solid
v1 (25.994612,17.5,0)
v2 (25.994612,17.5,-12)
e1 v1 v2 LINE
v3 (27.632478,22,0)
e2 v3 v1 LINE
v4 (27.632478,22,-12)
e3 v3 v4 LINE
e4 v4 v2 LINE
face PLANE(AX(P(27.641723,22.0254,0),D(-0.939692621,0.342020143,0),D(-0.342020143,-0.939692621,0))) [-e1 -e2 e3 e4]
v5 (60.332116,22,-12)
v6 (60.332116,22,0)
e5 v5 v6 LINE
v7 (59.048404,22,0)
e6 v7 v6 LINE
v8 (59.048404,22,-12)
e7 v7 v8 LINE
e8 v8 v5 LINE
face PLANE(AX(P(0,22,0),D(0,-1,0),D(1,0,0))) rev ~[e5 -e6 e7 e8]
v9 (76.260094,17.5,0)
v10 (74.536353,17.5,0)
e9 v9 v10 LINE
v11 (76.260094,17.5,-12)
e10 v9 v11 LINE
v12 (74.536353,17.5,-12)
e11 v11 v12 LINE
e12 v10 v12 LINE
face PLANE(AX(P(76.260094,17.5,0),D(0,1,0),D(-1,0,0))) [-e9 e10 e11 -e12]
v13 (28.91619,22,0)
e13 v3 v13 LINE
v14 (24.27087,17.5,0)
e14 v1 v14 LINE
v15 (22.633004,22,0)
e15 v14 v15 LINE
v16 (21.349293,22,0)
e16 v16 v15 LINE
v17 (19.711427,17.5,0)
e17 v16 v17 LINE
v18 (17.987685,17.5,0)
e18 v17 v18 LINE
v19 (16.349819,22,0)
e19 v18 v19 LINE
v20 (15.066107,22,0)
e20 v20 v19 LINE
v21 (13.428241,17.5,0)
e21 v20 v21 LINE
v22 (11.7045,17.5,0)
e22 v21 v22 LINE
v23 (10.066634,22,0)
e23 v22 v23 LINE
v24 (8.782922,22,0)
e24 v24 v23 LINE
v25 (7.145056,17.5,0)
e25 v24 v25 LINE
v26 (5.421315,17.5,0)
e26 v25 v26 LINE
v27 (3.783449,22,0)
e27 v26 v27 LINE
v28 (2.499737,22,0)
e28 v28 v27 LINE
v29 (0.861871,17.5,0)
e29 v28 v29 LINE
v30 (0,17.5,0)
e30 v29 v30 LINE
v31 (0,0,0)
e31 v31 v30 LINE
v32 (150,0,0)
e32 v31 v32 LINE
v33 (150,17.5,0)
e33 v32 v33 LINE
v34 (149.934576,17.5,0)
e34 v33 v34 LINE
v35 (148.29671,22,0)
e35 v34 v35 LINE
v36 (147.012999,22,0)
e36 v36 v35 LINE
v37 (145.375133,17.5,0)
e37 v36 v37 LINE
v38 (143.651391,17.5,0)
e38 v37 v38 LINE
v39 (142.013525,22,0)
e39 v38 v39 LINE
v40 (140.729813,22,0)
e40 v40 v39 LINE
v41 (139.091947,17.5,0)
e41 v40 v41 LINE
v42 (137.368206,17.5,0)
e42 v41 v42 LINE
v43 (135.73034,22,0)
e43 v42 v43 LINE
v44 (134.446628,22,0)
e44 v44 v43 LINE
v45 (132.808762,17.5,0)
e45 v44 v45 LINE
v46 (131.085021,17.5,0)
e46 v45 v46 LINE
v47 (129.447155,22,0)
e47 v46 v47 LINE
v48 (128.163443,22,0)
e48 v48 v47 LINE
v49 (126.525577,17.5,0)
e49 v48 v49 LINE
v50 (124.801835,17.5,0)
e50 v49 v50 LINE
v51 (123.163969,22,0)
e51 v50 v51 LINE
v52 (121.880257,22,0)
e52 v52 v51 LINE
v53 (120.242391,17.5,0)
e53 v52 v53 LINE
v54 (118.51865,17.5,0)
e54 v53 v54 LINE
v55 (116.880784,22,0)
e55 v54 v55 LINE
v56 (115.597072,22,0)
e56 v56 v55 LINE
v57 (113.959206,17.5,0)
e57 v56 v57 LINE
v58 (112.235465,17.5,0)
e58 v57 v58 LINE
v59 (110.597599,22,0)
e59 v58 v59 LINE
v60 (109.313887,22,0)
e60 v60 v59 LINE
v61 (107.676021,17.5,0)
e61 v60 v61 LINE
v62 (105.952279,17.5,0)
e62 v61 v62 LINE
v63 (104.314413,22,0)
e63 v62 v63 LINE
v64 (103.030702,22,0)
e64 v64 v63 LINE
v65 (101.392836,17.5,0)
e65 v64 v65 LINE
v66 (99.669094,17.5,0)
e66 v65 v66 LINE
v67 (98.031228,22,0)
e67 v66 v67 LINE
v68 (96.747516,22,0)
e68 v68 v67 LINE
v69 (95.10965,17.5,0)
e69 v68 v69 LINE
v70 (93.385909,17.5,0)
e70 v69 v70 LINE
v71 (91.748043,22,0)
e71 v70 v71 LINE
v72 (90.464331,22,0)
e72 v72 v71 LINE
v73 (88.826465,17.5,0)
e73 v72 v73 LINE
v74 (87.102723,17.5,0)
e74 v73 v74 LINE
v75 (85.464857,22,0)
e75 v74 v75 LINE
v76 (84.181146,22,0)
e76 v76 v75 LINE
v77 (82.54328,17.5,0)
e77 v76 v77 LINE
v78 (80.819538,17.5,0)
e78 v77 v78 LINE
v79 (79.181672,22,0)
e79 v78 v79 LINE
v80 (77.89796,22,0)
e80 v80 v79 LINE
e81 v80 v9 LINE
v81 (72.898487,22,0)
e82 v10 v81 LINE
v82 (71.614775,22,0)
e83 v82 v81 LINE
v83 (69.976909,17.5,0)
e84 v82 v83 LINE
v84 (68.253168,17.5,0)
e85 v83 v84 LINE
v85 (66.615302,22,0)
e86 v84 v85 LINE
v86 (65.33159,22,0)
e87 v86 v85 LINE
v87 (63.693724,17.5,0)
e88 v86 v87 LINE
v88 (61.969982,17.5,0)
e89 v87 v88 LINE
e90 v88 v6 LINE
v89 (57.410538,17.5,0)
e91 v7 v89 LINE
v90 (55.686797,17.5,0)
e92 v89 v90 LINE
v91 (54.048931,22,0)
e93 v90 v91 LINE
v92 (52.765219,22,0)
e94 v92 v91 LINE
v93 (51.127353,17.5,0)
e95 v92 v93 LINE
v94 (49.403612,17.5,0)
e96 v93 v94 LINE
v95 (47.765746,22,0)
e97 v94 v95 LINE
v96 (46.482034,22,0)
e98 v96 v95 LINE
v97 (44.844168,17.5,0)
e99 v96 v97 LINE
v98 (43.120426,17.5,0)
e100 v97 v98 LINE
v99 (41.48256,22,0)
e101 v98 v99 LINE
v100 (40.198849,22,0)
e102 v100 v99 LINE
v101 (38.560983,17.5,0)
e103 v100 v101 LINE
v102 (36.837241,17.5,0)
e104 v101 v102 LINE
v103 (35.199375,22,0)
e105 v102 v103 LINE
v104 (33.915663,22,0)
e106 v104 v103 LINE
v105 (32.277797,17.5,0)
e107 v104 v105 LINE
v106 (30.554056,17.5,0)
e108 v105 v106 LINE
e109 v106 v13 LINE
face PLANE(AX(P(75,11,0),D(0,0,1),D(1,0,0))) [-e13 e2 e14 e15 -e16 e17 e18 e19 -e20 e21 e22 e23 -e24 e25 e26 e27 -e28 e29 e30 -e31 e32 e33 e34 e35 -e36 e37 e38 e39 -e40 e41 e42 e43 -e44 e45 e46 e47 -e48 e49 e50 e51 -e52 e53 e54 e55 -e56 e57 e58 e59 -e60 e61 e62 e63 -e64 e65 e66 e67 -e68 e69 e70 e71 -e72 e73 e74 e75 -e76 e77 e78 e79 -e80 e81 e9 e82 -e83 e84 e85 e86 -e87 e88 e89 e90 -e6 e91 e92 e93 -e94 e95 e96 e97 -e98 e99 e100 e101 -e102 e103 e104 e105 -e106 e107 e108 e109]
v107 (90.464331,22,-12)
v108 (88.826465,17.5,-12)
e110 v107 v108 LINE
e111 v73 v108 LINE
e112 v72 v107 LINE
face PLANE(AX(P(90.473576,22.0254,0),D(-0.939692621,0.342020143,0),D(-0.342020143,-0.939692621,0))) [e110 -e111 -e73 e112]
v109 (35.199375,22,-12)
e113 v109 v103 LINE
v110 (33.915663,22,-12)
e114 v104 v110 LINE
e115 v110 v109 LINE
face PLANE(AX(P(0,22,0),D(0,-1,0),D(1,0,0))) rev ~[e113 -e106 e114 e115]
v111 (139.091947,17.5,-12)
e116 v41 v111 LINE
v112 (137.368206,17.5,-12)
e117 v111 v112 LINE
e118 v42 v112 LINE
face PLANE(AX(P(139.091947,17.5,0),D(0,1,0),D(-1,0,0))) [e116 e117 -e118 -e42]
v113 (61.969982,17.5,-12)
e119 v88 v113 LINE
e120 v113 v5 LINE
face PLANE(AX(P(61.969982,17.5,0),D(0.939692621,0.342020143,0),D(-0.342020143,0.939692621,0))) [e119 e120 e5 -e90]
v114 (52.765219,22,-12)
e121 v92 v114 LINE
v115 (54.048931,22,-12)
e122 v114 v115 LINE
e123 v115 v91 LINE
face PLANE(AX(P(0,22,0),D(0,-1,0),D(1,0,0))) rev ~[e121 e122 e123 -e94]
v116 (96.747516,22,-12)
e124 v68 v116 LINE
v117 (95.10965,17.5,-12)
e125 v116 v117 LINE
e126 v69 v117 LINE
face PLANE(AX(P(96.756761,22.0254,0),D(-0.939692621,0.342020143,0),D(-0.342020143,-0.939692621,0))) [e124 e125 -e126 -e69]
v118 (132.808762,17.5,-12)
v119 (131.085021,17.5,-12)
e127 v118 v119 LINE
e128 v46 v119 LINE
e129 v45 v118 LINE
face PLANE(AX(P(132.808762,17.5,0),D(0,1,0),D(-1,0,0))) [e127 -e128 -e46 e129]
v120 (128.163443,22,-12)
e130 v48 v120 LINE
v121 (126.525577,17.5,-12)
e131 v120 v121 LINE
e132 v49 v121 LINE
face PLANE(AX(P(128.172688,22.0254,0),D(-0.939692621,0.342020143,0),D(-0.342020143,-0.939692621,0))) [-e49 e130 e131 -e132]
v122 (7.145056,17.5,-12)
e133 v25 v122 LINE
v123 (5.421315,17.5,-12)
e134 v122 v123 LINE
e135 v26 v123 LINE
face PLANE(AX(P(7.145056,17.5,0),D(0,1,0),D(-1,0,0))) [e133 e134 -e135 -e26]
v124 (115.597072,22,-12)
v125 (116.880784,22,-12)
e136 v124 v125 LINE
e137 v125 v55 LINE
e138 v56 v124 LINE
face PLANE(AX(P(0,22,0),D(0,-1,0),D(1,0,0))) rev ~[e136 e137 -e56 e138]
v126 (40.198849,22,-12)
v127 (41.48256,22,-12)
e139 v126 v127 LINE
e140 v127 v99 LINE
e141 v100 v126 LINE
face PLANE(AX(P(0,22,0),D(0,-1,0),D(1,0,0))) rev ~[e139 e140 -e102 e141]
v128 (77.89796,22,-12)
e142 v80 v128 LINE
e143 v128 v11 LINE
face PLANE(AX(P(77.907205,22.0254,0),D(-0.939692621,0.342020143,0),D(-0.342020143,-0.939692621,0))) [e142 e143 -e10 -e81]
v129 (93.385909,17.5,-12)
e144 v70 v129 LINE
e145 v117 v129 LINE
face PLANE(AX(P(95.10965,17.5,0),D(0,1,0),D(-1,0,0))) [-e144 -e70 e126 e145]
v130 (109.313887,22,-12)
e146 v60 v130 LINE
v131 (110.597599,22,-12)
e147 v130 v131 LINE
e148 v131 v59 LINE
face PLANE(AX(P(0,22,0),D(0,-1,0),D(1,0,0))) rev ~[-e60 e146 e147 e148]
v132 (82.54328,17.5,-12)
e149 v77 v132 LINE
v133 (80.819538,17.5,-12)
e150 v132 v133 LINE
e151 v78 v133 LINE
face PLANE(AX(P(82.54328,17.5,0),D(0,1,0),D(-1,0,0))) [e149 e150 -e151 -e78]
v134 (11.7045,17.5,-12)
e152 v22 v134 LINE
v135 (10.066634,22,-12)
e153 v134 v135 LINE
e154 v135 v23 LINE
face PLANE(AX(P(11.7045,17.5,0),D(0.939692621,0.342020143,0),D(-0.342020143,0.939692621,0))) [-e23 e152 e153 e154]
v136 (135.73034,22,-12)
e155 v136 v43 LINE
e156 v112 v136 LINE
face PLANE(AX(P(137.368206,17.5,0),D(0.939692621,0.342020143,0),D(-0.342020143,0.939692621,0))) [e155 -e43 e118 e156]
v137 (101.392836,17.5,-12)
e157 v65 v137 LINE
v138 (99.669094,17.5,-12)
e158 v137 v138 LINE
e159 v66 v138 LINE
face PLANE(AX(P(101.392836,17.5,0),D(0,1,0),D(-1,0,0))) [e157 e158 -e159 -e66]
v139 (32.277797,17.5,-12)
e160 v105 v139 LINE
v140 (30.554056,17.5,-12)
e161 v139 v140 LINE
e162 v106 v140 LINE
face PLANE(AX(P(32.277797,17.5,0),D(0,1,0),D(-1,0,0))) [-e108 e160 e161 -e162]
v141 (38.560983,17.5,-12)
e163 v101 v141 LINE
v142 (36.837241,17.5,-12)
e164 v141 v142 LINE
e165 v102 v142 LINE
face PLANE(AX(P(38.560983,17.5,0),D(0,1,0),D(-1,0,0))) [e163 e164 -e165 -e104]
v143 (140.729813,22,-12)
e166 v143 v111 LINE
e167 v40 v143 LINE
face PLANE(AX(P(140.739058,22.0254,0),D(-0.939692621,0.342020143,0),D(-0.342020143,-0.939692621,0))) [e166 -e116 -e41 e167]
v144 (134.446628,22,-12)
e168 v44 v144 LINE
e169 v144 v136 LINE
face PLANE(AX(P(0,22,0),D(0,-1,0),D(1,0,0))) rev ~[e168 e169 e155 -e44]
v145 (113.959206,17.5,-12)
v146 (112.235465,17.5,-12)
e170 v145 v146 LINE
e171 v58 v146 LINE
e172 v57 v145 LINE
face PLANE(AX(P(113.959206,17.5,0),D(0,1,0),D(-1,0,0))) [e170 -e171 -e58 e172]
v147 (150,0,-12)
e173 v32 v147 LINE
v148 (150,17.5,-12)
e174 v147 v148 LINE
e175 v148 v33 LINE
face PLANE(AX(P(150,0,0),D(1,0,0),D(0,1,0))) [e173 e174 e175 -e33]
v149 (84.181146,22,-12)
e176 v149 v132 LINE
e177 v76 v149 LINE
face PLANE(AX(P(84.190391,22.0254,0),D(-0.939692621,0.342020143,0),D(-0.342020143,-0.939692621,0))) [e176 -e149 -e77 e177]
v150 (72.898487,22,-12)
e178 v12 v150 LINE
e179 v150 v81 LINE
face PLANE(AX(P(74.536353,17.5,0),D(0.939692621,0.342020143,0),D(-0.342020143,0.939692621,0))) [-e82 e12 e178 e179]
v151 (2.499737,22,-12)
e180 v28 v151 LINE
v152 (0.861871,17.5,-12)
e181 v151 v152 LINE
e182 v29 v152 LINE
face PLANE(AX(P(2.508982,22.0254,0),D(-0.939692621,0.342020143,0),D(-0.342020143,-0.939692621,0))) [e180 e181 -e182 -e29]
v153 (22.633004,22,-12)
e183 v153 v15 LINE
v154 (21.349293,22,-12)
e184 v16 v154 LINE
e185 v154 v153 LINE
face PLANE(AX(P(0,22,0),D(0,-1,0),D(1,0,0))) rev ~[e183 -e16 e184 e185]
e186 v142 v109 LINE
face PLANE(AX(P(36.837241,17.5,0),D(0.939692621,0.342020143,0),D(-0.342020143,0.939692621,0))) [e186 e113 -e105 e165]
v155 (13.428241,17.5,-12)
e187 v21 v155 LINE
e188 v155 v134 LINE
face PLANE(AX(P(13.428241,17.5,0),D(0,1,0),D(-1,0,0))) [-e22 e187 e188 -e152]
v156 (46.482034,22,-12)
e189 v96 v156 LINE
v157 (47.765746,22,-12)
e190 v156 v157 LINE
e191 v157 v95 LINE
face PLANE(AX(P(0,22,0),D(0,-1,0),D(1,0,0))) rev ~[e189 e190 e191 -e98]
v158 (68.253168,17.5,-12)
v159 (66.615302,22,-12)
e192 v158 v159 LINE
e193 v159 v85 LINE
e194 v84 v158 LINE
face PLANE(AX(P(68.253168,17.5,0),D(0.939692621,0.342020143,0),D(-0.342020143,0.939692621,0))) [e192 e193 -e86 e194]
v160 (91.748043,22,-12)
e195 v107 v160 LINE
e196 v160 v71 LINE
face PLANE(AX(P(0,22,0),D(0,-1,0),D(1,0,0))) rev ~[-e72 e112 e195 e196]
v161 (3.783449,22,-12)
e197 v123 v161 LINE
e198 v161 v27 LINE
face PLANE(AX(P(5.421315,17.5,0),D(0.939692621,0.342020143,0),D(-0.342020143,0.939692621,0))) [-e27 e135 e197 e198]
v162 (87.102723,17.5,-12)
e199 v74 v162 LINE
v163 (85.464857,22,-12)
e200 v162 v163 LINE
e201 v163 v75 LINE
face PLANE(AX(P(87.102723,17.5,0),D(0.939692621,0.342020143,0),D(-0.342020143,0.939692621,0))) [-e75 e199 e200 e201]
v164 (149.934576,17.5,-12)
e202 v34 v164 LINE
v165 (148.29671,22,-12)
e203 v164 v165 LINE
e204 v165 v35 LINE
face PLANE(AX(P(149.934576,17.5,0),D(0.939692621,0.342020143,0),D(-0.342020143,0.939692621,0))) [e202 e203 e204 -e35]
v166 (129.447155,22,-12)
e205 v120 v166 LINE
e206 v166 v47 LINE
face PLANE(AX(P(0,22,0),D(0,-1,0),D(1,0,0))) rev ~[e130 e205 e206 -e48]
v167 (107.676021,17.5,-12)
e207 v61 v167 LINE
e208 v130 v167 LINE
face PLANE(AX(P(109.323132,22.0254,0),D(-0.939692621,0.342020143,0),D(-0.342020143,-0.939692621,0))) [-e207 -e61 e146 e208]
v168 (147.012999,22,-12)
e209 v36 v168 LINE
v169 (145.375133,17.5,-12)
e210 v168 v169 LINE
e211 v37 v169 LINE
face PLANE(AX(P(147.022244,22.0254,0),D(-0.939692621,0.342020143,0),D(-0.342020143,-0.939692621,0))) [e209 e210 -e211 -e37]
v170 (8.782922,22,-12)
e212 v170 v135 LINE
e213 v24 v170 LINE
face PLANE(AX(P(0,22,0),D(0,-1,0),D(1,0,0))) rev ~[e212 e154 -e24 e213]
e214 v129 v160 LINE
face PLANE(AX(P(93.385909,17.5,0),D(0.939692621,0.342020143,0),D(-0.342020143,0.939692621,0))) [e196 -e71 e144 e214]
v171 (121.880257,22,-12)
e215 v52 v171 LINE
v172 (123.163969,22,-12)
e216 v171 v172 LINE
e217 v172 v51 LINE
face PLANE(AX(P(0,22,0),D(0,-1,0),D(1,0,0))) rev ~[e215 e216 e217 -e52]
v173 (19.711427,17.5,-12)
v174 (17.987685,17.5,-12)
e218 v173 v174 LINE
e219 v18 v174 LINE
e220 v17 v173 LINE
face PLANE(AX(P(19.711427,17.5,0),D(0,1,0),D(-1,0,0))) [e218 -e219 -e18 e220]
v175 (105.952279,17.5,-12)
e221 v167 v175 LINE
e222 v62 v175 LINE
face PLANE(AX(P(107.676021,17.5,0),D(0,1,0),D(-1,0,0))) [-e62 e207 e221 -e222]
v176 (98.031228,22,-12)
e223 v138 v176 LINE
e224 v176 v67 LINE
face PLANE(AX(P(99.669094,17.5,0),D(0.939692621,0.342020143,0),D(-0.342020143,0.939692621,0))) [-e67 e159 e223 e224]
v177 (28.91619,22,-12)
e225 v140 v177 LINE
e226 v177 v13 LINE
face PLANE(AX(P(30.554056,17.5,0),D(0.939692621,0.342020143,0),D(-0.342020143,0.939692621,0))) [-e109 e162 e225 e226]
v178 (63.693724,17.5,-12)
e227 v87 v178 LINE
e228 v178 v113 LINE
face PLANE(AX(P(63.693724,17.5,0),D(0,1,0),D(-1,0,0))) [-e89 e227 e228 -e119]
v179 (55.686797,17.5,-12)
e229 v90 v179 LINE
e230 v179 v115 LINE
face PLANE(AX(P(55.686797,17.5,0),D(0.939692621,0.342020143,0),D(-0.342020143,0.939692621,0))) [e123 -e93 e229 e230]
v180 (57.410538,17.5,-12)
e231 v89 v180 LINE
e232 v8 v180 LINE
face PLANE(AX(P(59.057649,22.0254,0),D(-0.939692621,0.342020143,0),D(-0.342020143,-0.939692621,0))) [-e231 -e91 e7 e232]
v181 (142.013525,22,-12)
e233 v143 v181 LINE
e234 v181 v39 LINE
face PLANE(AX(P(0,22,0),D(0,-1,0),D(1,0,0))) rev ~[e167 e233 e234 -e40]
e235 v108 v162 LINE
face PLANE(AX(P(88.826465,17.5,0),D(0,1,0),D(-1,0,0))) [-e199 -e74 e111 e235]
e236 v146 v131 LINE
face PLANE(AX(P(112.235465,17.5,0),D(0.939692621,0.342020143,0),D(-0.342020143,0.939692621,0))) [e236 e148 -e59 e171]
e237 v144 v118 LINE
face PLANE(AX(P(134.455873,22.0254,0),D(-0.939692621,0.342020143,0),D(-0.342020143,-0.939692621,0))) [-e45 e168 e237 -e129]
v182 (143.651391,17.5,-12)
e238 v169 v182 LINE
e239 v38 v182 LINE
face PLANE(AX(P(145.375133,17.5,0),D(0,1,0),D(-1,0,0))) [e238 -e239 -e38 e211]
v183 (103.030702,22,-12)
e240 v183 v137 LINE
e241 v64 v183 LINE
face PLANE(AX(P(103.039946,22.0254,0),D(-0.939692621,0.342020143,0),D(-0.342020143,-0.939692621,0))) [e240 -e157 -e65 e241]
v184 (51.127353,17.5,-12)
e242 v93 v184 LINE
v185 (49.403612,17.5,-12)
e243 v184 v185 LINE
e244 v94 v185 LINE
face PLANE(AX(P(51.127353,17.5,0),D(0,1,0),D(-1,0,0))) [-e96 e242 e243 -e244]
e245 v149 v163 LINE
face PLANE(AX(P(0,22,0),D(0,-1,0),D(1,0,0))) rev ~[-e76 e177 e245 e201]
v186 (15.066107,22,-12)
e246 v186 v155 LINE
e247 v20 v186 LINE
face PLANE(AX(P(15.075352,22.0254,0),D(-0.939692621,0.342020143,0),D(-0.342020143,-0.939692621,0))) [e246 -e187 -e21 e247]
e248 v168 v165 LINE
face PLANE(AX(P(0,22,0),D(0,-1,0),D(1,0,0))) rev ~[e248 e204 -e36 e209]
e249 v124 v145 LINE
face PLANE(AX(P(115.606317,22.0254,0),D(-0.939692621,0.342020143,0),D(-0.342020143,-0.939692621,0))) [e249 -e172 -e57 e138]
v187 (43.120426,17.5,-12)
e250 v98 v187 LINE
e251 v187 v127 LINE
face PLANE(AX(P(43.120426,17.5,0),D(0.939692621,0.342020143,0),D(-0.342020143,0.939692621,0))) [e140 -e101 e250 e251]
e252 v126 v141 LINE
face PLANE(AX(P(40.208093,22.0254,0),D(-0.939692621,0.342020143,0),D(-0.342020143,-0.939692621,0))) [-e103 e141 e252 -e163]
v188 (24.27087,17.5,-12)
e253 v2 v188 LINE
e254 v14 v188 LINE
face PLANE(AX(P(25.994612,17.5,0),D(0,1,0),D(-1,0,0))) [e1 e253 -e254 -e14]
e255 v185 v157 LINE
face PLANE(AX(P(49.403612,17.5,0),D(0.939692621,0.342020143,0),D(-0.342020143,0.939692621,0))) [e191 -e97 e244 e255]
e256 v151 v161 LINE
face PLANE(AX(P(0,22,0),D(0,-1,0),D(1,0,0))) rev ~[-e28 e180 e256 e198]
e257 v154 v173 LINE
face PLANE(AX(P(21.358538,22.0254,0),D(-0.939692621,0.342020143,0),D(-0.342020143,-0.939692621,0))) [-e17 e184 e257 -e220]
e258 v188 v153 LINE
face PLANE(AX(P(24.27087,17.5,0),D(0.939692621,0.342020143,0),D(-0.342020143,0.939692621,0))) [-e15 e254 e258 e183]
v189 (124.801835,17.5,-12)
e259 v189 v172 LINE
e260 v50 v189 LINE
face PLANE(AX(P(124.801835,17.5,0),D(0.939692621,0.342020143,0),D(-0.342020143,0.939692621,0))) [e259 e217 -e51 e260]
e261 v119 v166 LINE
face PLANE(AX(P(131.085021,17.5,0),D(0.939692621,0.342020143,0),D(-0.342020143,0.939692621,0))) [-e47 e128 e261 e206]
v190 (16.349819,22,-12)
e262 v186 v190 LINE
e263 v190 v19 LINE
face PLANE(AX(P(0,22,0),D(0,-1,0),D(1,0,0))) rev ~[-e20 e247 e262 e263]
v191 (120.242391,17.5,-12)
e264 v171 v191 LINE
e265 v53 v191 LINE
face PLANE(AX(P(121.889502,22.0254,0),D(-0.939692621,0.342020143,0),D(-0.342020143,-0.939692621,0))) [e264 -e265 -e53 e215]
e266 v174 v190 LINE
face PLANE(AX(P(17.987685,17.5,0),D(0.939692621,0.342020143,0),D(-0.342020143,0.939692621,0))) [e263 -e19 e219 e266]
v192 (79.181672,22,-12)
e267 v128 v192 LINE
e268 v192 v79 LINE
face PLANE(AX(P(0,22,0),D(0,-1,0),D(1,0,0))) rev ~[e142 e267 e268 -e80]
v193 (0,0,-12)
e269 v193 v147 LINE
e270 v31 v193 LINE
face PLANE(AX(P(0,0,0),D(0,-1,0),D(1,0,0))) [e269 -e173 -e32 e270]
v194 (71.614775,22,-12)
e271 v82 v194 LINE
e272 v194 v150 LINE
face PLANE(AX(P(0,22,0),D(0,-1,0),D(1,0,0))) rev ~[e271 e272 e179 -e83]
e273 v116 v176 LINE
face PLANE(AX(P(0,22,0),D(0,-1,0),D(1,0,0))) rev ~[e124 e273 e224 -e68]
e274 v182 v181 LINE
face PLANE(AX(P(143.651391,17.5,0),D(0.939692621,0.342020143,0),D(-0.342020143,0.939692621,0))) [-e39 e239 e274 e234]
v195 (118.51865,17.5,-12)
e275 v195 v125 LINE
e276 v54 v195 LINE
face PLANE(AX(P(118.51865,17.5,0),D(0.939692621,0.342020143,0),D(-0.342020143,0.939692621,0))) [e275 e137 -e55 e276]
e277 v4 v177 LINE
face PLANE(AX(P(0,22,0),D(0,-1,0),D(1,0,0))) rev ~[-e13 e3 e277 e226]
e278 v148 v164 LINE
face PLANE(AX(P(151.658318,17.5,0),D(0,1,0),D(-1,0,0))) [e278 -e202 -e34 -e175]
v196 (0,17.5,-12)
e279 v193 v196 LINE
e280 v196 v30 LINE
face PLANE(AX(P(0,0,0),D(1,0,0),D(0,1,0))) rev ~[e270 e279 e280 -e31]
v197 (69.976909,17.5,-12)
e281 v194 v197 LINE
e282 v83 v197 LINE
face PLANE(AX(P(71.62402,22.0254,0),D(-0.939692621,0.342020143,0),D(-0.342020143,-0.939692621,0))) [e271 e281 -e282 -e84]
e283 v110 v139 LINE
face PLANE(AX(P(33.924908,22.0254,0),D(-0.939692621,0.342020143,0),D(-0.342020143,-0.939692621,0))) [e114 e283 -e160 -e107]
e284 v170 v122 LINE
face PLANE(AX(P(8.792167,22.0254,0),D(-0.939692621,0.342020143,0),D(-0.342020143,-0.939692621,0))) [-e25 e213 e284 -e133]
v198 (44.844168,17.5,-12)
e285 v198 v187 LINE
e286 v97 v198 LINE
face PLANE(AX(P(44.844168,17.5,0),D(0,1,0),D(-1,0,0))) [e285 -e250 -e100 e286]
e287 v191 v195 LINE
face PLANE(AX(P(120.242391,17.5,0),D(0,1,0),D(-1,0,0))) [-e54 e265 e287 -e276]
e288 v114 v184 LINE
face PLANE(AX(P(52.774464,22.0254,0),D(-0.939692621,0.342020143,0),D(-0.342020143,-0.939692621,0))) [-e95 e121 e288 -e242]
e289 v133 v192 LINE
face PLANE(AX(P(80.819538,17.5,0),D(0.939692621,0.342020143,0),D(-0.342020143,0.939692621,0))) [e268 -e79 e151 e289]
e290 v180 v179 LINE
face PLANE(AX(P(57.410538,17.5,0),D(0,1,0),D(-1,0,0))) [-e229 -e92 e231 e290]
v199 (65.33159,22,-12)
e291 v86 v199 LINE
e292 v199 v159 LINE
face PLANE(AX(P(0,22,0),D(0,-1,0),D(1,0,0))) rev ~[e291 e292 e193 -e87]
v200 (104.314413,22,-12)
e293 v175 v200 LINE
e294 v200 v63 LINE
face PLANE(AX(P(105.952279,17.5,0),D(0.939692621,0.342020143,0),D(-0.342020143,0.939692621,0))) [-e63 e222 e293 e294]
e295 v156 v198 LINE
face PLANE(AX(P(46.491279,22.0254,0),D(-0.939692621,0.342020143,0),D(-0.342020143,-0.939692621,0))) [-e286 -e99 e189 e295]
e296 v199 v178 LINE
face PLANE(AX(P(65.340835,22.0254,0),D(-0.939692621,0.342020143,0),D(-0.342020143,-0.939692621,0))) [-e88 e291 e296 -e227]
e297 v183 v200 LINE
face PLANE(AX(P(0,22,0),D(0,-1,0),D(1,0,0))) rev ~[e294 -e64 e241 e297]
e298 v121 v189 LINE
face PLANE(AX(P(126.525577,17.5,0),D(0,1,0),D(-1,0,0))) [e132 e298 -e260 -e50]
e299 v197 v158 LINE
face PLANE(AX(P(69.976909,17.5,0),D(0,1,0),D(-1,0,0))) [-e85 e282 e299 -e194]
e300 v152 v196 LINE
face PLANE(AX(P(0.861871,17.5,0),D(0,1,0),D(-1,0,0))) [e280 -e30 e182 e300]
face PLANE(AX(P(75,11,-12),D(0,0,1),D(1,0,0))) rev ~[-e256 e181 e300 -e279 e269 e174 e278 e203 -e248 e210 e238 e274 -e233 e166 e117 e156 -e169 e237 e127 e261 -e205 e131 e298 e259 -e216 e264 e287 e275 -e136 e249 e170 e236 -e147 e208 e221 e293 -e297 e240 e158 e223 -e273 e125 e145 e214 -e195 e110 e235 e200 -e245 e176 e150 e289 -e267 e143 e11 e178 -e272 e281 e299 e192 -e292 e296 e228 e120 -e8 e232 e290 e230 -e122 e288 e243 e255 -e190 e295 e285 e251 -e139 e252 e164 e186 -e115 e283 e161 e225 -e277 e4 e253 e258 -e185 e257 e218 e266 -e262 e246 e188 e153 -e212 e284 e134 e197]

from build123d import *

# Parameters (mm, degrees)
BLANKSKE_W        = 150
BLANKSKE_H        = 22
BLANK_DEPTH       = 12
TOOTHCUTSIM_DEPTH = 153.078926877
TEETHCUTS_COUNT   = 25
TEETHCUTS_PITCH   = 6.2831853


with BuildPart() as part:
    # BlankSke → Blank (new body)
    with BuildSketch(Plane.XY):
        with Locations((75, 11)):
            Rectangle(BLANKSKE_W, BLANKSKE_H)
    extrude(amount=-BLANK_DEPTH)

    # TooCutSkeSim → ToothCutSim (cut, through all)
    with BuildSketch(Plane.XY):
        Polygon((0.861870739, 17.5), (-0.861870739, 17.5), (-2.508981637, 22.0254), (2.508981637, 22.0254), align=None)
    toothcutsim = extrude(amount=-TOOTHCUTSIM_DEPTH, mode=Mode.SUBTRACT)

    # TeethCuts: ToothCutSim ×25
    with Locations(*[(i * TEETHCUTS_PITCH, 0, 0) for i in range(1, TEETHCUTS_COUNT)]):
        add(toothcutsim, mode=Mode.SUBTRACT)


solid = part.part
